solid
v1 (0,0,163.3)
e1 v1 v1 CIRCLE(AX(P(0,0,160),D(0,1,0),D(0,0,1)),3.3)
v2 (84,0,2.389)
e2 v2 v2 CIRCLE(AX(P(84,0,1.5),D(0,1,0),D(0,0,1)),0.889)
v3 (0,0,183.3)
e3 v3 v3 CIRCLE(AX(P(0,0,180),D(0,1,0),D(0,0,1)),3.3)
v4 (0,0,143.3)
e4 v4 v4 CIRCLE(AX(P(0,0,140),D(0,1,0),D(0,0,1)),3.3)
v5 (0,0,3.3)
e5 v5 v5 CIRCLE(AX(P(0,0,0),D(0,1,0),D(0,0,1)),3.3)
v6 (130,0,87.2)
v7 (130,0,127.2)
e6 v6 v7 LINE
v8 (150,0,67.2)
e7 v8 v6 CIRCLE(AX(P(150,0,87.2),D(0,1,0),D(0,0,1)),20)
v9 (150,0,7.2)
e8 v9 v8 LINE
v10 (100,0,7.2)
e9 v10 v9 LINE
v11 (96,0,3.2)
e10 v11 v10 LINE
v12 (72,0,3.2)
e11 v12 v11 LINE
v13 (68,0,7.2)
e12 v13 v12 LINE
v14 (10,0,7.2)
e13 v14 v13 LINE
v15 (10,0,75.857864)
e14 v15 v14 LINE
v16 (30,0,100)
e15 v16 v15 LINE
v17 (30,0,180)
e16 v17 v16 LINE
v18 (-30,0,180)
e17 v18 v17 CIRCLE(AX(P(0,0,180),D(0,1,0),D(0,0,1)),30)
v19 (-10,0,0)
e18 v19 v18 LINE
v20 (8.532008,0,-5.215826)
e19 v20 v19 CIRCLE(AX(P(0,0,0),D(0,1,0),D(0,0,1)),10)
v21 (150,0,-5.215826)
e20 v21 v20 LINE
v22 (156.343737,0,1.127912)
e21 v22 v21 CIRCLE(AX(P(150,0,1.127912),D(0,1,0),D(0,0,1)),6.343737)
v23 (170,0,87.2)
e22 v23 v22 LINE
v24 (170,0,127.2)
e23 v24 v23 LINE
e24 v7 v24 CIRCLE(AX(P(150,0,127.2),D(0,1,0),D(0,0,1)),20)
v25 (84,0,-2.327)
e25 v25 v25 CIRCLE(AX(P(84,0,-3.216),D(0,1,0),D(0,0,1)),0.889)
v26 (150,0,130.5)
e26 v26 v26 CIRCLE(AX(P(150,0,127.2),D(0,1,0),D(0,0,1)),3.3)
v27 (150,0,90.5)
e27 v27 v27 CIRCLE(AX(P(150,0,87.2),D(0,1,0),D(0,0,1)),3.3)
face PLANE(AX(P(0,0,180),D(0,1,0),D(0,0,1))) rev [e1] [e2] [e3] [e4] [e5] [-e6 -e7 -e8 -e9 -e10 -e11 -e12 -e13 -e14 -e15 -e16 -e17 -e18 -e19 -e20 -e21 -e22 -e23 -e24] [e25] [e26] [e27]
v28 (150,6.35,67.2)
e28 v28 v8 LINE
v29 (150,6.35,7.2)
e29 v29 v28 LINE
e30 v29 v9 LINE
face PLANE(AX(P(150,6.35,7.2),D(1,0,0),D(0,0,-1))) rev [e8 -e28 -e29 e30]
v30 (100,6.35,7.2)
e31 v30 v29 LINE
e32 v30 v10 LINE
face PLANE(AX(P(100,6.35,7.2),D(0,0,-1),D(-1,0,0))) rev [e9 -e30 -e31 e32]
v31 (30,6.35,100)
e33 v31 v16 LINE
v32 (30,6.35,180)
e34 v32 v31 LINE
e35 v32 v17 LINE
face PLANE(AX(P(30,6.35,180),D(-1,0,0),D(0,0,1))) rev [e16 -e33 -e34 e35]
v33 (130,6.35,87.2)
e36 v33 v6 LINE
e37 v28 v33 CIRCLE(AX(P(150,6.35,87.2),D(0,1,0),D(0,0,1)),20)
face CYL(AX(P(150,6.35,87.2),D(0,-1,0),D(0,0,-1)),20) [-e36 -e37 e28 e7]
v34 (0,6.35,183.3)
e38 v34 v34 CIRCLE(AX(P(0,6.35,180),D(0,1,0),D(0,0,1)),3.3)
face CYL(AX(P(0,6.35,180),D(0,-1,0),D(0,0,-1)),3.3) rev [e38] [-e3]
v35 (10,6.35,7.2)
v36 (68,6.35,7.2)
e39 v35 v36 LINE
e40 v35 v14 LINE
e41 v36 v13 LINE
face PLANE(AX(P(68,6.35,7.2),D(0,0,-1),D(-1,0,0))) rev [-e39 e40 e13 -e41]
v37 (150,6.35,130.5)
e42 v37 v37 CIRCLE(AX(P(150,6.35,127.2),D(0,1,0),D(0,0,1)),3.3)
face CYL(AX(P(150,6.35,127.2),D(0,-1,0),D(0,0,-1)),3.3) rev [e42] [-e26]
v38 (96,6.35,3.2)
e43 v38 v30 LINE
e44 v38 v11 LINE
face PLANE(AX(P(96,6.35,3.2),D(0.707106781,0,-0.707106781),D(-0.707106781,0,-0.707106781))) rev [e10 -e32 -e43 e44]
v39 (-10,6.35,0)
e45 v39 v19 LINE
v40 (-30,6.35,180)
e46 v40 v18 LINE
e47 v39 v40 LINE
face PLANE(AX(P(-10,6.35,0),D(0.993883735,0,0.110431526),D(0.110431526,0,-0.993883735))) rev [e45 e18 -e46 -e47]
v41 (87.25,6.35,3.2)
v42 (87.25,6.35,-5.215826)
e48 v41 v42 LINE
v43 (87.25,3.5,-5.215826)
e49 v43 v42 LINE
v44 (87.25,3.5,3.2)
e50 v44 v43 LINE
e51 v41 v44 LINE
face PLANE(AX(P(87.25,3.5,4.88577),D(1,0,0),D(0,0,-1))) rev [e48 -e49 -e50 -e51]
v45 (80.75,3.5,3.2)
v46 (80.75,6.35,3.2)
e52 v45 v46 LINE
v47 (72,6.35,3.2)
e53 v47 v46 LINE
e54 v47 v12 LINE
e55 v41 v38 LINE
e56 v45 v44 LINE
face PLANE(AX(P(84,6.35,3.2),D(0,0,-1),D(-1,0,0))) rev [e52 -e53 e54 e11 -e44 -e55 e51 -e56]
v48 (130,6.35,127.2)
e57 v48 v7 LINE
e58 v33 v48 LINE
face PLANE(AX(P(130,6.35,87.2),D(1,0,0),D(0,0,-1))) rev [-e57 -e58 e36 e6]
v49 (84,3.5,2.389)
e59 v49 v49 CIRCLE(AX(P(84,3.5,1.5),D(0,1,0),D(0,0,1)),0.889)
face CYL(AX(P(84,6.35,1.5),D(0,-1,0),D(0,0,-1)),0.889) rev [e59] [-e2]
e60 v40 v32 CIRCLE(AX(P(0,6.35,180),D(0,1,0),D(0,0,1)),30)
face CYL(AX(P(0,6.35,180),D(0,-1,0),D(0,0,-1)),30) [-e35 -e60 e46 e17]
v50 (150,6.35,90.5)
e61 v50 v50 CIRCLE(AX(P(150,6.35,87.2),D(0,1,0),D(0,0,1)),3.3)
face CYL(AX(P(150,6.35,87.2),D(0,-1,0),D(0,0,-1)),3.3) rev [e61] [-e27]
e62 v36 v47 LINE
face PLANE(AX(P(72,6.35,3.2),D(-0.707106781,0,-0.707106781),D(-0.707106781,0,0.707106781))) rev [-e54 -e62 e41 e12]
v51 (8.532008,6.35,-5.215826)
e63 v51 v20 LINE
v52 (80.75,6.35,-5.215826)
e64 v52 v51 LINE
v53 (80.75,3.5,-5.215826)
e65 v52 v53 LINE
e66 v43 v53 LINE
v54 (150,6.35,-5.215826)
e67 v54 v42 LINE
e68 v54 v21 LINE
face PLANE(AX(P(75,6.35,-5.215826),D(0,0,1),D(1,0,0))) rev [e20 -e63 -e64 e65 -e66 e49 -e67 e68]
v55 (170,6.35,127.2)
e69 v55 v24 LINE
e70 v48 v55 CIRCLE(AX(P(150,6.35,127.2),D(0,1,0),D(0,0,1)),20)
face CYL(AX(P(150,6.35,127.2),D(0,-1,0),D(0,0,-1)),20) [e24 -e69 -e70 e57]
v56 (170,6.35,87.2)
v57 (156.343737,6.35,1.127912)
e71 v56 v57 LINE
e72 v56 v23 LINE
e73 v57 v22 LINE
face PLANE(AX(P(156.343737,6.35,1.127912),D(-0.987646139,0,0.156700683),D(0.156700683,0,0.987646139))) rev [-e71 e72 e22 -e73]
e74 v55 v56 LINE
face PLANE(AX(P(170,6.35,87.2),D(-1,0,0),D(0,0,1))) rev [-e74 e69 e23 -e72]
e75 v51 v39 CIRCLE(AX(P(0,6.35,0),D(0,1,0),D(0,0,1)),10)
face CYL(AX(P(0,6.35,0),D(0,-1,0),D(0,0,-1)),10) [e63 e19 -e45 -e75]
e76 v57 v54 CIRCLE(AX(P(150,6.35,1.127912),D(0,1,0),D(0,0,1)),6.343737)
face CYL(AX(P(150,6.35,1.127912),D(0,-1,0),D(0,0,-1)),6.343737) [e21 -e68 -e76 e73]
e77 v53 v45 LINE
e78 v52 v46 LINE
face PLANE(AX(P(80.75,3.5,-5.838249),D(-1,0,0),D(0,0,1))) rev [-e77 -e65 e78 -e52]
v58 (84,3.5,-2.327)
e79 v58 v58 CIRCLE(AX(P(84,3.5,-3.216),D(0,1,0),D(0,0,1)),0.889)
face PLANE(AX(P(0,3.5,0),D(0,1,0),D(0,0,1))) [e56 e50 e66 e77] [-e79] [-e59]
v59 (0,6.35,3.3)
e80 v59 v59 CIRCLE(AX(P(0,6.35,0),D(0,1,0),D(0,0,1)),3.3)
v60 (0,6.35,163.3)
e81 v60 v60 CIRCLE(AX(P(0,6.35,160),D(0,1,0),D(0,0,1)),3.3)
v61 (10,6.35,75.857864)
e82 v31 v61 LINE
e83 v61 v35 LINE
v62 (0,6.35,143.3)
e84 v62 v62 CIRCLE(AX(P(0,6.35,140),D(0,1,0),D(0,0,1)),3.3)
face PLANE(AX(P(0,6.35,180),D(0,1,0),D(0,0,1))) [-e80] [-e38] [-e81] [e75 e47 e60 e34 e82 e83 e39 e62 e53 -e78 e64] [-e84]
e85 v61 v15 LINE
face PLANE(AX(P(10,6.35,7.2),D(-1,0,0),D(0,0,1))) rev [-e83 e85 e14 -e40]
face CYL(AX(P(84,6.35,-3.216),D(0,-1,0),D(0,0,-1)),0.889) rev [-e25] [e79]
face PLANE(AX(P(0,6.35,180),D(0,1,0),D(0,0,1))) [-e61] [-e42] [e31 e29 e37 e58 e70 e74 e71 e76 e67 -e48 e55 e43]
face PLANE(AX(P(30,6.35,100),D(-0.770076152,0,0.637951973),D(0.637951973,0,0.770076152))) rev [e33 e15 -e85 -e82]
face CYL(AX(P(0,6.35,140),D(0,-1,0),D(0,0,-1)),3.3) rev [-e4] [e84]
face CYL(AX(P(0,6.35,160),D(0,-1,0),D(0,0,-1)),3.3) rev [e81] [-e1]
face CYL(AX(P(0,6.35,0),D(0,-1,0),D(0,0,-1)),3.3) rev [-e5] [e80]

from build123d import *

# Parameters (mm, degrees)
SKETCH1_R           = 3.3
SKETCH1_R_2         = 0.889
BOSS_EXTRUDE1_DEPTH = 6.35
SKETCH3_W           = 6.5
SKETCH3_H           = 10.724019234
CUT_EXTRUDE2_DEPTH  = 2.85


with BuildPart() as part:
    # Sketch1 → Boss-Extrude1 (new body)
    with BuildSketch(Plane(origin=(0, 0, 0), x_dir=(1, 0, 0), z_dir=(0, 1, 0))):
        with BuildLine():
            Line((10, -7.2), (10, -75.857864376))
            Line((10, -75.857864376), (30, -100))
            Line((30, -100), (30, -180))
            ThreePointArc((30, -180), (0, -210), (-30, -180))
            Line((-30, -180), (-10, 0))
            ThreePointArc((-10, 0), (-2.709235972, 9.626008542), (8.532008089, 5.215825723))
            Line((8.532008089, 5.215825723), (75, 5.215825723))
            Line((75, 5.215825723), (150, 5.215825723))
            ThreePointArc((150, 5.215825723), (154.485699703, 3.357788069), (156.343737357, -1.127911635))
            Line((156.343737357, -1.127911635), (170, -87.2))
            Line((170, -87.2), (170, -127.2))
            ThreePointArc((170, -127.2), (150, -147.2), (130, -127.2))
            Line((130, -127.2), (130, -87.2))
            ThreePointArc((130, -87.2), (135.857864376, -73.057864376), (150, -67.2))
            Line((150, -67.2), (150, -7.2))
            Line((150, -7.2), (100, -7.2))
            Line((100, -7.2), (96, -3.2))
            Line((96, -3.2), (84, -3.2))
            Line((84, -3.2), (72, -3.2))
            Line((72, -3.2), (68, -7.2))
            Line((68, -7.2), (59, -7.2))
            Line((59, -7.2), (10, -7.2))
        make_face()
        with Locations(Location((0, 0, 0), (0, 0, 270))):
            Circle(SKETCH1_R, mode=Mode.SUBTRACT)
        with Locations(Location((0, -180, 0), (0, 0, 270))):
            Circle(SKETCH1_R, mode=Mode.SUBTRACT)
        with Locations(Location((150, -87.2, 0), (0, 0, 270))):
            Circle(SKETCH1_R, mode=Mode.SUBTRACT)
        with Locations(Location((84, -1.5, 0), (0, 0, 270))):
            Circle(SKETCH1_R_2, mode=Mode.SUBTRACT)
        with Locations(Location((84, 3.216, 0), (0, 0, 270))):
            Circle(SKETCH1_R_2, mode=Mode.SUBTRACT)
        with Locations(Location((150, -127.2, 0), (0, 0, 270))):
            Circle(SKETCH1_R, mode=Mode.SUBTRACT)
        with Locations(Location((0, -160, 0), (0, 0, 270))):
            Circle(SKETCH1_R, mode=Mode.SUBTRACT)
        with Locations(Location((0, -140, 0), (0, 0, 270))):
            Circle(SKETCH1_R, mode=Mode.SUBTRACT)
    extrude(amount=BOSS_EXTRUDE1_DEPTH)

    # Sketch3 → Cut-Extrude2 (cut)
    with BuildSketch(Plane(origin=(0, 6.35, 0), x_dir=(1, 0, 0), z_dir=(0, 1, 0))):
        with Locations((84, 0.476239432)):
            Rectangle(SKETCH3_W, SKETCH3_H)
    extrude(amount=-CUT_EXTRUDE2_DEPTH, mode=Mode.SUBTRACT)


solid = part.part
